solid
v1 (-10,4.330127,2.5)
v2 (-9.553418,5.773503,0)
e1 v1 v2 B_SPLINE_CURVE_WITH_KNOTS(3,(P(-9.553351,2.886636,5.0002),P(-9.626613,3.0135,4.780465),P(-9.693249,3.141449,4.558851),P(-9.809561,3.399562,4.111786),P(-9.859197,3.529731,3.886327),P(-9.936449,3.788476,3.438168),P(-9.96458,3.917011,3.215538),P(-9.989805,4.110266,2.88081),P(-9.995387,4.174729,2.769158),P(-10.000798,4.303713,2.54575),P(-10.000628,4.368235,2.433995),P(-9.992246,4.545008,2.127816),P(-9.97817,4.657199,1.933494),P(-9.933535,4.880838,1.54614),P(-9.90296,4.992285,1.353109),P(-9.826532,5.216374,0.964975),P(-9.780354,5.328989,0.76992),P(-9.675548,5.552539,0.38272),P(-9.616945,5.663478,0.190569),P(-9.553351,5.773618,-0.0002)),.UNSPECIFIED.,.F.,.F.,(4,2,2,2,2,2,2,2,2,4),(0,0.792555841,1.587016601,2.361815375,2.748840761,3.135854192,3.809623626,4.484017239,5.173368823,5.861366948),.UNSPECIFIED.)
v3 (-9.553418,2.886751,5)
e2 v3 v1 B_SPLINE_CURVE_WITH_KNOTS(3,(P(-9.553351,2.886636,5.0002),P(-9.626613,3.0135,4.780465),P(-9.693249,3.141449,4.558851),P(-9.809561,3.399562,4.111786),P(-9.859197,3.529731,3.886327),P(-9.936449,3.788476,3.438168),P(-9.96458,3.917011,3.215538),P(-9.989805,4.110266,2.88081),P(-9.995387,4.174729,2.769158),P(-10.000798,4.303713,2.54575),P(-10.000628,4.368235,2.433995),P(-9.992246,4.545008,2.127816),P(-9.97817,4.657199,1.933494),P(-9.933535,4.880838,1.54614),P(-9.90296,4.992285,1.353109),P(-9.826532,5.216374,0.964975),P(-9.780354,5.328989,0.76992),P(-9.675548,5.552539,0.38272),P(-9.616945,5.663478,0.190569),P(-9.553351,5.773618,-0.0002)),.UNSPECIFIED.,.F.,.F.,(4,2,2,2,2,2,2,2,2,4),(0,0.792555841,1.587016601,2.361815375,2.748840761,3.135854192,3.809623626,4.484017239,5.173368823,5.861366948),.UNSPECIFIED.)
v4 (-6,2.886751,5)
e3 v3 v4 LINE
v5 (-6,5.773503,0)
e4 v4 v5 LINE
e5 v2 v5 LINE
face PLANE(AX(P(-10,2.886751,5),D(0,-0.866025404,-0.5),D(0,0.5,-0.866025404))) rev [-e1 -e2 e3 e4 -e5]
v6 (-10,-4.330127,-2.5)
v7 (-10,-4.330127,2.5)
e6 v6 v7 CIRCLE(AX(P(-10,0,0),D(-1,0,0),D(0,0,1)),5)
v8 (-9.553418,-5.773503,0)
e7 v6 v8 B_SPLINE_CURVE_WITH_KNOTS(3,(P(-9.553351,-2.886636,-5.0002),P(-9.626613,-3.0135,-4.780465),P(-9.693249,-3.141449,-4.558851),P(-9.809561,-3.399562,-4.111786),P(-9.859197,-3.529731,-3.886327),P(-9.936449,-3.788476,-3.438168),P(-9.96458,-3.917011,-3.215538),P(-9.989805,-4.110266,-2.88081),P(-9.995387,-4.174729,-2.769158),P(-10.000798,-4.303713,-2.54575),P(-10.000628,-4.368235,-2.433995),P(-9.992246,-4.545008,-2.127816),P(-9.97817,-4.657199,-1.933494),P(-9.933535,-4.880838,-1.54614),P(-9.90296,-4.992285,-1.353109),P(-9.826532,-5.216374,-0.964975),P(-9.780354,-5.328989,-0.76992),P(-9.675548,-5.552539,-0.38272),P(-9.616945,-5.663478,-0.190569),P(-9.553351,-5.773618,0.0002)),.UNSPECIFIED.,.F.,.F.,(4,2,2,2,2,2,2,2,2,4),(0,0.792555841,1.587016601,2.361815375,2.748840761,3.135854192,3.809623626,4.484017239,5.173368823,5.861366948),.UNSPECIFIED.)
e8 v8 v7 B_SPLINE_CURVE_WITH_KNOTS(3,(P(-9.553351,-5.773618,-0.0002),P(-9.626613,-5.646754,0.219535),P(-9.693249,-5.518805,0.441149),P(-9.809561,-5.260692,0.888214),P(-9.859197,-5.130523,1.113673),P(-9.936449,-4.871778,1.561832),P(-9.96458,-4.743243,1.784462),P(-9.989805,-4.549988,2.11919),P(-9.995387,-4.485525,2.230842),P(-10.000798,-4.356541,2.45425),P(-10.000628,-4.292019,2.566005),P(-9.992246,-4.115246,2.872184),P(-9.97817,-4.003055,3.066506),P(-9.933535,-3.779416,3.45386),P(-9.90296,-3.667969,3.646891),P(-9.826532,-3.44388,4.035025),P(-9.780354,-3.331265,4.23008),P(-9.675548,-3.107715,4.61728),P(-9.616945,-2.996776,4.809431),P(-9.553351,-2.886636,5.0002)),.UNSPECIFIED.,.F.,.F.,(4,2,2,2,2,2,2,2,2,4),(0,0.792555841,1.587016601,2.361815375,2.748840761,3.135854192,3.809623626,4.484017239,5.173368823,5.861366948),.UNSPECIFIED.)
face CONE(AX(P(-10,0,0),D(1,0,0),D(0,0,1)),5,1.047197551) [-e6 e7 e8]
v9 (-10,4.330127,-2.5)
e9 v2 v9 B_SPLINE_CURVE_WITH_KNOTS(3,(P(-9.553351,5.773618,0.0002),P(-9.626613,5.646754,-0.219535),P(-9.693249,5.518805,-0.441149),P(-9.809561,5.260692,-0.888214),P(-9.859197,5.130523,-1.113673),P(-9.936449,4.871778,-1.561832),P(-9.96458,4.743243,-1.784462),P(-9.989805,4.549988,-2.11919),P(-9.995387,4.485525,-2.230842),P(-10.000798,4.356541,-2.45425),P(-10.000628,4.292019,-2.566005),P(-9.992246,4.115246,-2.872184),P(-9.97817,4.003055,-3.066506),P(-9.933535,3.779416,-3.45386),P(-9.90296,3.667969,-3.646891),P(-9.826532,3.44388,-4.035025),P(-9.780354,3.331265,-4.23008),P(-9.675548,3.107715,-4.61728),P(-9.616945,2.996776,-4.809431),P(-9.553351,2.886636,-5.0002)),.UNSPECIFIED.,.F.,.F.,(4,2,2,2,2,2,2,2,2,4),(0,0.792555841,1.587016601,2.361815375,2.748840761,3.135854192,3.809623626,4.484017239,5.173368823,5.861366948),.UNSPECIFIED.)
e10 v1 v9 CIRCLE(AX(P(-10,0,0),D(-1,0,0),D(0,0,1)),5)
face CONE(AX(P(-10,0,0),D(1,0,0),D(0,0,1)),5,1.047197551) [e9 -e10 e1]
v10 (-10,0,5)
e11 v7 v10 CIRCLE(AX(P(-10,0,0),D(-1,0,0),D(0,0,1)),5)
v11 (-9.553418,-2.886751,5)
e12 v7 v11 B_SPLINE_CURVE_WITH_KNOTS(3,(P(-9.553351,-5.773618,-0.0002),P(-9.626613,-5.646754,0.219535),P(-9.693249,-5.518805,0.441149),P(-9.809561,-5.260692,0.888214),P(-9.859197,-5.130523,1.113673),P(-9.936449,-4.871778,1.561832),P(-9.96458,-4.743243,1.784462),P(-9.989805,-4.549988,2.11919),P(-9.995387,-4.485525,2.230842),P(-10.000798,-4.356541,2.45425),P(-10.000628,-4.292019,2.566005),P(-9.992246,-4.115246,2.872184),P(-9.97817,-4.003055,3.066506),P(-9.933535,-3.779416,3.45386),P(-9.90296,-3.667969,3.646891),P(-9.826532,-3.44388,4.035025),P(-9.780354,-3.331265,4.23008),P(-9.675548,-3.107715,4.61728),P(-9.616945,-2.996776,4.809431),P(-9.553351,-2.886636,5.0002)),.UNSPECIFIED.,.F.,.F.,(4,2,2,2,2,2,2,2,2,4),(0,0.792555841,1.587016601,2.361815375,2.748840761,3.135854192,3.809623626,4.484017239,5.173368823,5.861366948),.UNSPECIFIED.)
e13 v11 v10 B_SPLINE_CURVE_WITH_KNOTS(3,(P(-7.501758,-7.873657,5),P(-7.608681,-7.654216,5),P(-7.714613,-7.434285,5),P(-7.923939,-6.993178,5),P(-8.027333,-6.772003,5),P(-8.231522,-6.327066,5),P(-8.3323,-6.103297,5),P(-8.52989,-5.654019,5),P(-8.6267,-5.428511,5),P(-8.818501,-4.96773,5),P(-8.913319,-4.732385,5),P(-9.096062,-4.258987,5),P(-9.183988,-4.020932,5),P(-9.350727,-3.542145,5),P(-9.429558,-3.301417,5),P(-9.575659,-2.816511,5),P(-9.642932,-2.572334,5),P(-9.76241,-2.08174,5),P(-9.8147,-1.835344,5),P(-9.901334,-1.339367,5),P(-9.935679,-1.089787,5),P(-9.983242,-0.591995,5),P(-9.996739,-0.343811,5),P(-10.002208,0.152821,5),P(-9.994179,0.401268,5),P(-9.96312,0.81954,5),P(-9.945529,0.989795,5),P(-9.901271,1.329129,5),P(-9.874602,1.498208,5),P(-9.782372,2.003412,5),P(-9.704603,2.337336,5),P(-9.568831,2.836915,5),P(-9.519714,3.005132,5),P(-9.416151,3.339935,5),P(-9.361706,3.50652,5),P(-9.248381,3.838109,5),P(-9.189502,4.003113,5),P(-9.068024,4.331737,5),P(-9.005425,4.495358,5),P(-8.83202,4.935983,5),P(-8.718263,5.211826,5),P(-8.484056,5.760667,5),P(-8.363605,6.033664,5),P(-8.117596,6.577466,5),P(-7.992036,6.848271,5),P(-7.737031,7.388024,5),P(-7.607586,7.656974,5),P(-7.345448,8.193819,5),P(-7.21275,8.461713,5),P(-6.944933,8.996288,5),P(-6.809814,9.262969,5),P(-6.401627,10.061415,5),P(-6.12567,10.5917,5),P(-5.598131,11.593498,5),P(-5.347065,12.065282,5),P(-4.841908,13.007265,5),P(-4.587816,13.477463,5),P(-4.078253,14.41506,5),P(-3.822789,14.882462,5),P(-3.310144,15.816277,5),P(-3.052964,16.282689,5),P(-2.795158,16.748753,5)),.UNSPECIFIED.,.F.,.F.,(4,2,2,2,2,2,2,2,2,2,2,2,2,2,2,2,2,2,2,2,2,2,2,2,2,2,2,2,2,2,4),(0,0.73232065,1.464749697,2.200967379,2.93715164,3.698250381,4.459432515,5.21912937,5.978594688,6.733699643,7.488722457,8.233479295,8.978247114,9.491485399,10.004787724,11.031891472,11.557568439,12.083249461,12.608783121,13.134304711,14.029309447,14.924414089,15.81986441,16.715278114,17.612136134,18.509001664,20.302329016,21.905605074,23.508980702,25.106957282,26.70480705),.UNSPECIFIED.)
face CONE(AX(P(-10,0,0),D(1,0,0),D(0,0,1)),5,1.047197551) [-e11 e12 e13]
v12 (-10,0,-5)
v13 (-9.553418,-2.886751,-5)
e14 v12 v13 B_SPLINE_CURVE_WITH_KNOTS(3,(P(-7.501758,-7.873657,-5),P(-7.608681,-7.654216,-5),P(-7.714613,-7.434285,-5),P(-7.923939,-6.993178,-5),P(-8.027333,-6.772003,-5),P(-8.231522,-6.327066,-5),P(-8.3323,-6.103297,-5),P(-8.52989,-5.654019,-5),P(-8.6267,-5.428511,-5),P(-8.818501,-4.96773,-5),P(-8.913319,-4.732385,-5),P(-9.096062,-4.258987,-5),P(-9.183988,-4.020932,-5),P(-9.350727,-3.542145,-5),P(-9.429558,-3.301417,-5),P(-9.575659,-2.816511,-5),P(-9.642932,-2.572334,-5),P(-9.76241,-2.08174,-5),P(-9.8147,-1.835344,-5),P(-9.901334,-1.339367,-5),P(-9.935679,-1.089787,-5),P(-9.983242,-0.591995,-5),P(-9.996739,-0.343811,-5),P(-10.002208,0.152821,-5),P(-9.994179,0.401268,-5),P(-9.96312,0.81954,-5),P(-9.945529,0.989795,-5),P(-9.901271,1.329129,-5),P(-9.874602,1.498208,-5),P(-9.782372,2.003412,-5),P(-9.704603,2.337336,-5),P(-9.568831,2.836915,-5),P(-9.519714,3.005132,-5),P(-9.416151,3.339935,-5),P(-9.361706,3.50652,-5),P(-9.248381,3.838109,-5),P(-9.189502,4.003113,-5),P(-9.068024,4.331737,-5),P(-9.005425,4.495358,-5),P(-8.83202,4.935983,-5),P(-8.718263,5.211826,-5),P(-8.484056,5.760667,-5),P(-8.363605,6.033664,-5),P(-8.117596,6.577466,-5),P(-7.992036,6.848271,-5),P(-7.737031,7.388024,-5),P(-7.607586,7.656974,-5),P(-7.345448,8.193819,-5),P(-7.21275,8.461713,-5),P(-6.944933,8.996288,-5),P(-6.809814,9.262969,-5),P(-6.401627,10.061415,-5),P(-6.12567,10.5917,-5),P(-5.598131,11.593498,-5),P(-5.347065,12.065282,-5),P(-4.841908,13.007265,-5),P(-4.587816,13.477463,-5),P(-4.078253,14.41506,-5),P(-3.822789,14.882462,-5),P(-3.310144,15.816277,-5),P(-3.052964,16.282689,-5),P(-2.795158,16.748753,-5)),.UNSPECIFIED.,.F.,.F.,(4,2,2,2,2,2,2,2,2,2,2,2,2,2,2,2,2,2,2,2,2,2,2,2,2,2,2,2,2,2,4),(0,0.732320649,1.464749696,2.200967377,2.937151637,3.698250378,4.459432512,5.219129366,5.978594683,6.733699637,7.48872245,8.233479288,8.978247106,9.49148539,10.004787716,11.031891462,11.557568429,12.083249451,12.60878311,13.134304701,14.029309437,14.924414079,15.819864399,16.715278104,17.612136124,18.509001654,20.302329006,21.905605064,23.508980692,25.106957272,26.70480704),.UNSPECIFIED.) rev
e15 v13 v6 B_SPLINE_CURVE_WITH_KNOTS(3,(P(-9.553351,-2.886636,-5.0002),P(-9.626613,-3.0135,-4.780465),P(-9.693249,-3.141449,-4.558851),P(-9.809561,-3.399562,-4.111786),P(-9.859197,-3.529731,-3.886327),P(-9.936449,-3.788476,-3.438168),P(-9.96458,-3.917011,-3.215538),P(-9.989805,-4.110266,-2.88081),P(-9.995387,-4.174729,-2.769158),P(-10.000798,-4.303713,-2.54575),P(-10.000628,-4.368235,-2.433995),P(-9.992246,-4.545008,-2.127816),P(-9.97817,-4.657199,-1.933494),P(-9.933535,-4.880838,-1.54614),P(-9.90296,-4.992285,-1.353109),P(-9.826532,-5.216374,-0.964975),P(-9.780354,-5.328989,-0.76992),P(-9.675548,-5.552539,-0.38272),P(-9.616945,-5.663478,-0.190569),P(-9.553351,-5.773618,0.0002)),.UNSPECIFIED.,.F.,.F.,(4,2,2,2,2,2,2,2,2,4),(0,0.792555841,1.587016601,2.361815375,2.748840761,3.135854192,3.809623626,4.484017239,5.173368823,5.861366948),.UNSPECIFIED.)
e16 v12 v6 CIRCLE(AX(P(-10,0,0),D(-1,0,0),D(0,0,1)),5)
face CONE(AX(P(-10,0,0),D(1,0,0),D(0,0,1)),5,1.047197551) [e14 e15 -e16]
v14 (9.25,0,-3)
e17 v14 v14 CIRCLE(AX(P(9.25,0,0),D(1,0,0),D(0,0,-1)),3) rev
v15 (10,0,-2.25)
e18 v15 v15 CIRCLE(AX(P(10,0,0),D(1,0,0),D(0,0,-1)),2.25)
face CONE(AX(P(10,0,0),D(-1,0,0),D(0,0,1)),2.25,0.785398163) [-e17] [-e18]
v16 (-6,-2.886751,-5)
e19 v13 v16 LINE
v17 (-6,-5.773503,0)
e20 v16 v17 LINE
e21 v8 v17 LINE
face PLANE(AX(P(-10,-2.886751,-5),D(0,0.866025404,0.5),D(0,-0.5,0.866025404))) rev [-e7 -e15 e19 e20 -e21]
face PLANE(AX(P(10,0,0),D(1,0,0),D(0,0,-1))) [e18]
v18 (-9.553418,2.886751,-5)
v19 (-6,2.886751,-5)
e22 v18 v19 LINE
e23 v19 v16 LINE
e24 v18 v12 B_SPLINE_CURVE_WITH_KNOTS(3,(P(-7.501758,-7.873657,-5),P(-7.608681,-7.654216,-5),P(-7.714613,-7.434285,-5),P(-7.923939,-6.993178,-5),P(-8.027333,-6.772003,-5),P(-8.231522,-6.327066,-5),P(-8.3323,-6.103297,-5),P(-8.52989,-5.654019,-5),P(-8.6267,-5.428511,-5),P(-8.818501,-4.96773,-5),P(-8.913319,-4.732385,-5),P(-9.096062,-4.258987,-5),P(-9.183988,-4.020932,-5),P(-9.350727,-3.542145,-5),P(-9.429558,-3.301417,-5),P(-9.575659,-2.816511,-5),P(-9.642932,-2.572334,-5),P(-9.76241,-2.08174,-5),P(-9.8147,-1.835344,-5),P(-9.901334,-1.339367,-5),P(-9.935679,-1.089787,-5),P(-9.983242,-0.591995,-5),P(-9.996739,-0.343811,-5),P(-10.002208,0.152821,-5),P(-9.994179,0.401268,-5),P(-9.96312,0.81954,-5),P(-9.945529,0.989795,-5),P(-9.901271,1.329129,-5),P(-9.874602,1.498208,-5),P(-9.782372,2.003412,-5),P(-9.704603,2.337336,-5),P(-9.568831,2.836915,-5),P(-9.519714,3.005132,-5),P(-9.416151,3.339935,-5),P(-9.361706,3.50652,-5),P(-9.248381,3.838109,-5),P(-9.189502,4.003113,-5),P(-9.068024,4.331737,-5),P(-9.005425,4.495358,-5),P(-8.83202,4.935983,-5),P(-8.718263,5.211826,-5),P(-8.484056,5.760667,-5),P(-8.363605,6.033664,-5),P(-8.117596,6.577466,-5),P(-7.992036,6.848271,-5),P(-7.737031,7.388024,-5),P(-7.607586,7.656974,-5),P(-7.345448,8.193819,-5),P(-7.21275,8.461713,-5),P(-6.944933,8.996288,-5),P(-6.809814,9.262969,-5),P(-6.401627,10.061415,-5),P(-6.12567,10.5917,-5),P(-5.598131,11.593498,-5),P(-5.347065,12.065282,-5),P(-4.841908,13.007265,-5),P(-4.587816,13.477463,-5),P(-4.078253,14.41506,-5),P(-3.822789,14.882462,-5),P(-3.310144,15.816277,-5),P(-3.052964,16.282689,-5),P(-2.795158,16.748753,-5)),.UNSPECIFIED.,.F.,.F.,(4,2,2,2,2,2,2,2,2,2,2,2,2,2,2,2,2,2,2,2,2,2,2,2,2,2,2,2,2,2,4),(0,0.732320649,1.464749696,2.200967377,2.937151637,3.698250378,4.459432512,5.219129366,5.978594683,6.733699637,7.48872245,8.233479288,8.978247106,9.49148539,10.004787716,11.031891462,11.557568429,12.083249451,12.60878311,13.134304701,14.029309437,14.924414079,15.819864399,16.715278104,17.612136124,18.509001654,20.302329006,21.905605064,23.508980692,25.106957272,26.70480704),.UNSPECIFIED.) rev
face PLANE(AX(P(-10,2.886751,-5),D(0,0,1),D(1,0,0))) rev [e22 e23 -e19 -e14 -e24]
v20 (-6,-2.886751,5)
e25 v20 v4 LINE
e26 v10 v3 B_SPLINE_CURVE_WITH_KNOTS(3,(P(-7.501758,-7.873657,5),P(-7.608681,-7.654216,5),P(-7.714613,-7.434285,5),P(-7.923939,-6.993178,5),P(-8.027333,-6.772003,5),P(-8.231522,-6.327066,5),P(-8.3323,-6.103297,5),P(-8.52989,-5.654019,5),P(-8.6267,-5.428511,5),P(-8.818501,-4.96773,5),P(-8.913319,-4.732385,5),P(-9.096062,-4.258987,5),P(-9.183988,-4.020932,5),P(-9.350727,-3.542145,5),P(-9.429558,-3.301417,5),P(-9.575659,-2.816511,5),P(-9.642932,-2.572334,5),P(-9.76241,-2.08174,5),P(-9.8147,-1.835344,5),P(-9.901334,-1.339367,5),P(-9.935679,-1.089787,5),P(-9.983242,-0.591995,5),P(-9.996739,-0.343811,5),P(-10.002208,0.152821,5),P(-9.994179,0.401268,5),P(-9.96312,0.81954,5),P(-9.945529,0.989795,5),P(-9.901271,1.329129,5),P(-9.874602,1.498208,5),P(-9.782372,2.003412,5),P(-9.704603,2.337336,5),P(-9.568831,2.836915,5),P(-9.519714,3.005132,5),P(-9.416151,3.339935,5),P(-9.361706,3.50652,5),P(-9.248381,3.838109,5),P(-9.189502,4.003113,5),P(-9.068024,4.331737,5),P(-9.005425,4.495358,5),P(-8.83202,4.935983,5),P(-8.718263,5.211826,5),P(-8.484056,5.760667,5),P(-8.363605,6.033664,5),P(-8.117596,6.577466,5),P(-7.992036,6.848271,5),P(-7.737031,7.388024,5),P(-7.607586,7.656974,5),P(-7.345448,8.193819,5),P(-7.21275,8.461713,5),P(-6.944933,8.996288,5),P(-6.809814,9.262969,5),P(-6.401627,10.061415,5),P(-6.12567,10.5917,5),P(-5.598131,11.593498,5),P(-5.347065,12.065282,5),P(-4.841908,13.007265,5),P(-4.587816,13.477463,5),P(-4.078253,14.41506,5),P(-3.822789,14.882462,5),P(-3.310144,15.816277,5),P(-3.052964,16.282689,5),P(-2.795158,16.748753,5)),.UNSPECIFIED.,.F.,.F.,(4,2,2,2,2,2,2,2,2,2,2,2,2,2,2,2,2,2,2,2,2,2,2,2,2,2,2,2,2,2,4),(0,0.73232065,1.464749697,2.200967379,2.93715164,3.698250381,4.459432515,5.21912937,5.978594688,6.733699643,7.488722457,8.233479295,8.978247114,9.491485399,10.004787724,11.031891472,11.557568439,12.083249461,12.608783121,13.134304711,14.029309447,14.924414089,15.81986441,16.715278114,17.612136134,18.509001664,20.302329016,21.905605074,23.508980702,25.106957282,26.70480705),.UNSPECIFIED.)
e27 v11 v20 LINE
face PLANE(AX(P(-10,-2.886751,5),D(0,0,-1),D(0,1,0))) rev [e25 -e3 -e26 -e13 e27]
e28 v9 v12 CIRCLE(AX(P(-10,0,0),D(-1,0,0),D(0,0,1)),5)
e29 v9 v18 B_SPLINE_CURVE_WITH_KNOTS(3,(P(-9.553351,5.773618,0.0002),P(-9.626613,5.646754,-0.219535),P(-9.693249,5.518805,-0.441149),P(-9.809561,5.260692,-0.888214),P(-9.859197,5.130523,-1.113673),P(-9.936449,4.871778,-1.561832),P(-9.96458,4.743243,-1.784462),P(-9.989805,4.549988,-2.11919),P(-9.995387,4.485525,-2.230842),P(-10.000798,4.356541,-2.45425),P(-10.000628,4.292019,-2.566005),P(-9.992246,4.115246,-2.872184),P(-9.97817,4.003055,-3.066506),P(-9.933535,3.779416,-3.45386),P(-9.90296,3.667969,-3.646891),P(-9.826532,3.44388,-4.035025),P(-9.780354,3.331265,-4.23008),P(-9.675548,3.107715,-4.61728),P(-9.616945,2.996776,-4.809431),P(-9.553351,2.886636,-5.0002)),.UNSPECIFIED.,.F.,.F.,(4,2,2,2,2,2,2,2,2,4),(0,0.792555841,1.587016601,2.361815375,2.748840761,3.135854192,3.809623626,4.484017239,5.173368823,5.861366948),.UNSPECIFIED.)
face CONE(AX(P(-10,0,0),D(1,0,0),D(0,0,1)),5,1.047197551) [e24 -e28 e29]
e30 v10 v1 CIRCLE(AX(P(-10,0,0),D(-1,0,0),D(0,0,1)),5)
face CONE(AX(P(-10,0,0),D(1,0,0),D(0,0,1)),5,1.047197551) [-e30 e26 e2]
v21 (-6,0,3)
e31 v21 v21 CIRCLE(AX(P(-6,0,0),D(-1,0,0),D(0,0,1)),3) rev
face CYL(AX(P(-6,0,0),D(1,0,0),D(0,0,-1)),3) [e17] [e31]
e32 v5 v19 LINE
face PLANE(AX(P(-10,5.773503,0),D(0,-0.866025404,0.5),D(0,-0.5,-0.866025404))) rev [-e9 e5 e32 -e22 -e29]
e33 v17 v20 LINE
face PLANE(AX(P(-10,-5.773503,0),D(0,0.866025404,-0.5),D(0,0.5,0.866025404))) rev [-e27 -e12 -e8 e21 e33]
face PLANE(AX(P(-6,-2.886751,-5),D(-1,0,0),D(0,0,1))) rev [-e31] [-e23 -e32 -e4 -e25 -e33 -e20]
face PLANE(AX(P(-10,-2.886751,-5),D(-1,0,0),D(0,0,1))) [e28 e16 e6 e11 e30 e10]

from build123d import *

# Parameters (mm, degrees)
SKETCH2_R           = 3
BOSS_EXTRUDE1_DEPTH = 16
CHAMFER1_SIZE       = 0.75
BOSS_EXTRUDE2_DEPTH = 4
SKETCH6_OUTSIDE_W   = 94.66
SKETCH6_OUTSIDE_H   = 96.208
SKETCH6_OUTSIDE_R   = 5
CUT_EXTRUDE1_DEPTH  = 22.408720964
CUT_EXTRUDE1_DRAFT  = -60


with BuildPart() as part:
    # Sketch2 → Boss-Extrude1 (new body)
    with BuildSketch(Plane(origin=(10, 0, 0), x_dir=(0, 0, -1), z_dir=(1, 0, 0))):
        Circle(SKETCH2_R)
    extrude(amount=-BOSS_EXTRUDE1_DEPTH)

    # Chamfer1
    chamfer1_edges = [part.edges().sort_by_distance(p)[0] for p in [
        (10, 0, 3),
    ]]
    chamfer(chamfer1_edges, length=CHAMFER1_SIZE)

    # Sketch3 → Boss-Extrude2 (add)
    with BuildSketch(Plane.ZY.offset(6)):
        Polygon((-5, -2.886751346), (0, -5.773502692), (5, -2.886751346), (5, 2.886751346), (0, 5.773502692), (-5, 2.886751346), align=None)
    extrude(amount=BOSS_EXTRUDE2_DEPTH)


with BuildPart() as cut_extrude1_tool:
    # Sketch6 outside → Cut-Extrude1 (with draft: the straight prism first)
    with BuildSketch(Plane.ZY.offset(10)):
        Rectangle(SKETCH6_OUTSIDE_W, SKETCH6_OUTSIDE_H)
        Circle(SKETCH6_OUTSIDE_R, mode=Mode.SUBTRACT)
    extrude(amount=-CUT_EXTRUDE1_DEPTH)
    # Cut-Extrude1: the draft: its side faces are tilted about the plane it starts from
    cut_extrude1_sides = [cut_extrude1_tool.faces().sort_by_distance(p)[0] for p in [
        (1.204360482, -48.104, 0),
        (1.204360482, 0, 47.33),
        (1.204360482, 48.104, 0),
        (1.204360482, 0, -47.33),
        (1.204360482, 0, -5),
    ]]
    draft(cut_extrude1_sides, Plane.ZY.offset(10), CUT_EXTRUDE1_DRAFT)


with BuildPart() as part_1:
    add(part.part)

    # Cut-Extrude1: cut by cut_extrude1_tool
    add(cut_extrude1_tool.part, mode=Mode.SUBTRACT)


solid = part_1.part
